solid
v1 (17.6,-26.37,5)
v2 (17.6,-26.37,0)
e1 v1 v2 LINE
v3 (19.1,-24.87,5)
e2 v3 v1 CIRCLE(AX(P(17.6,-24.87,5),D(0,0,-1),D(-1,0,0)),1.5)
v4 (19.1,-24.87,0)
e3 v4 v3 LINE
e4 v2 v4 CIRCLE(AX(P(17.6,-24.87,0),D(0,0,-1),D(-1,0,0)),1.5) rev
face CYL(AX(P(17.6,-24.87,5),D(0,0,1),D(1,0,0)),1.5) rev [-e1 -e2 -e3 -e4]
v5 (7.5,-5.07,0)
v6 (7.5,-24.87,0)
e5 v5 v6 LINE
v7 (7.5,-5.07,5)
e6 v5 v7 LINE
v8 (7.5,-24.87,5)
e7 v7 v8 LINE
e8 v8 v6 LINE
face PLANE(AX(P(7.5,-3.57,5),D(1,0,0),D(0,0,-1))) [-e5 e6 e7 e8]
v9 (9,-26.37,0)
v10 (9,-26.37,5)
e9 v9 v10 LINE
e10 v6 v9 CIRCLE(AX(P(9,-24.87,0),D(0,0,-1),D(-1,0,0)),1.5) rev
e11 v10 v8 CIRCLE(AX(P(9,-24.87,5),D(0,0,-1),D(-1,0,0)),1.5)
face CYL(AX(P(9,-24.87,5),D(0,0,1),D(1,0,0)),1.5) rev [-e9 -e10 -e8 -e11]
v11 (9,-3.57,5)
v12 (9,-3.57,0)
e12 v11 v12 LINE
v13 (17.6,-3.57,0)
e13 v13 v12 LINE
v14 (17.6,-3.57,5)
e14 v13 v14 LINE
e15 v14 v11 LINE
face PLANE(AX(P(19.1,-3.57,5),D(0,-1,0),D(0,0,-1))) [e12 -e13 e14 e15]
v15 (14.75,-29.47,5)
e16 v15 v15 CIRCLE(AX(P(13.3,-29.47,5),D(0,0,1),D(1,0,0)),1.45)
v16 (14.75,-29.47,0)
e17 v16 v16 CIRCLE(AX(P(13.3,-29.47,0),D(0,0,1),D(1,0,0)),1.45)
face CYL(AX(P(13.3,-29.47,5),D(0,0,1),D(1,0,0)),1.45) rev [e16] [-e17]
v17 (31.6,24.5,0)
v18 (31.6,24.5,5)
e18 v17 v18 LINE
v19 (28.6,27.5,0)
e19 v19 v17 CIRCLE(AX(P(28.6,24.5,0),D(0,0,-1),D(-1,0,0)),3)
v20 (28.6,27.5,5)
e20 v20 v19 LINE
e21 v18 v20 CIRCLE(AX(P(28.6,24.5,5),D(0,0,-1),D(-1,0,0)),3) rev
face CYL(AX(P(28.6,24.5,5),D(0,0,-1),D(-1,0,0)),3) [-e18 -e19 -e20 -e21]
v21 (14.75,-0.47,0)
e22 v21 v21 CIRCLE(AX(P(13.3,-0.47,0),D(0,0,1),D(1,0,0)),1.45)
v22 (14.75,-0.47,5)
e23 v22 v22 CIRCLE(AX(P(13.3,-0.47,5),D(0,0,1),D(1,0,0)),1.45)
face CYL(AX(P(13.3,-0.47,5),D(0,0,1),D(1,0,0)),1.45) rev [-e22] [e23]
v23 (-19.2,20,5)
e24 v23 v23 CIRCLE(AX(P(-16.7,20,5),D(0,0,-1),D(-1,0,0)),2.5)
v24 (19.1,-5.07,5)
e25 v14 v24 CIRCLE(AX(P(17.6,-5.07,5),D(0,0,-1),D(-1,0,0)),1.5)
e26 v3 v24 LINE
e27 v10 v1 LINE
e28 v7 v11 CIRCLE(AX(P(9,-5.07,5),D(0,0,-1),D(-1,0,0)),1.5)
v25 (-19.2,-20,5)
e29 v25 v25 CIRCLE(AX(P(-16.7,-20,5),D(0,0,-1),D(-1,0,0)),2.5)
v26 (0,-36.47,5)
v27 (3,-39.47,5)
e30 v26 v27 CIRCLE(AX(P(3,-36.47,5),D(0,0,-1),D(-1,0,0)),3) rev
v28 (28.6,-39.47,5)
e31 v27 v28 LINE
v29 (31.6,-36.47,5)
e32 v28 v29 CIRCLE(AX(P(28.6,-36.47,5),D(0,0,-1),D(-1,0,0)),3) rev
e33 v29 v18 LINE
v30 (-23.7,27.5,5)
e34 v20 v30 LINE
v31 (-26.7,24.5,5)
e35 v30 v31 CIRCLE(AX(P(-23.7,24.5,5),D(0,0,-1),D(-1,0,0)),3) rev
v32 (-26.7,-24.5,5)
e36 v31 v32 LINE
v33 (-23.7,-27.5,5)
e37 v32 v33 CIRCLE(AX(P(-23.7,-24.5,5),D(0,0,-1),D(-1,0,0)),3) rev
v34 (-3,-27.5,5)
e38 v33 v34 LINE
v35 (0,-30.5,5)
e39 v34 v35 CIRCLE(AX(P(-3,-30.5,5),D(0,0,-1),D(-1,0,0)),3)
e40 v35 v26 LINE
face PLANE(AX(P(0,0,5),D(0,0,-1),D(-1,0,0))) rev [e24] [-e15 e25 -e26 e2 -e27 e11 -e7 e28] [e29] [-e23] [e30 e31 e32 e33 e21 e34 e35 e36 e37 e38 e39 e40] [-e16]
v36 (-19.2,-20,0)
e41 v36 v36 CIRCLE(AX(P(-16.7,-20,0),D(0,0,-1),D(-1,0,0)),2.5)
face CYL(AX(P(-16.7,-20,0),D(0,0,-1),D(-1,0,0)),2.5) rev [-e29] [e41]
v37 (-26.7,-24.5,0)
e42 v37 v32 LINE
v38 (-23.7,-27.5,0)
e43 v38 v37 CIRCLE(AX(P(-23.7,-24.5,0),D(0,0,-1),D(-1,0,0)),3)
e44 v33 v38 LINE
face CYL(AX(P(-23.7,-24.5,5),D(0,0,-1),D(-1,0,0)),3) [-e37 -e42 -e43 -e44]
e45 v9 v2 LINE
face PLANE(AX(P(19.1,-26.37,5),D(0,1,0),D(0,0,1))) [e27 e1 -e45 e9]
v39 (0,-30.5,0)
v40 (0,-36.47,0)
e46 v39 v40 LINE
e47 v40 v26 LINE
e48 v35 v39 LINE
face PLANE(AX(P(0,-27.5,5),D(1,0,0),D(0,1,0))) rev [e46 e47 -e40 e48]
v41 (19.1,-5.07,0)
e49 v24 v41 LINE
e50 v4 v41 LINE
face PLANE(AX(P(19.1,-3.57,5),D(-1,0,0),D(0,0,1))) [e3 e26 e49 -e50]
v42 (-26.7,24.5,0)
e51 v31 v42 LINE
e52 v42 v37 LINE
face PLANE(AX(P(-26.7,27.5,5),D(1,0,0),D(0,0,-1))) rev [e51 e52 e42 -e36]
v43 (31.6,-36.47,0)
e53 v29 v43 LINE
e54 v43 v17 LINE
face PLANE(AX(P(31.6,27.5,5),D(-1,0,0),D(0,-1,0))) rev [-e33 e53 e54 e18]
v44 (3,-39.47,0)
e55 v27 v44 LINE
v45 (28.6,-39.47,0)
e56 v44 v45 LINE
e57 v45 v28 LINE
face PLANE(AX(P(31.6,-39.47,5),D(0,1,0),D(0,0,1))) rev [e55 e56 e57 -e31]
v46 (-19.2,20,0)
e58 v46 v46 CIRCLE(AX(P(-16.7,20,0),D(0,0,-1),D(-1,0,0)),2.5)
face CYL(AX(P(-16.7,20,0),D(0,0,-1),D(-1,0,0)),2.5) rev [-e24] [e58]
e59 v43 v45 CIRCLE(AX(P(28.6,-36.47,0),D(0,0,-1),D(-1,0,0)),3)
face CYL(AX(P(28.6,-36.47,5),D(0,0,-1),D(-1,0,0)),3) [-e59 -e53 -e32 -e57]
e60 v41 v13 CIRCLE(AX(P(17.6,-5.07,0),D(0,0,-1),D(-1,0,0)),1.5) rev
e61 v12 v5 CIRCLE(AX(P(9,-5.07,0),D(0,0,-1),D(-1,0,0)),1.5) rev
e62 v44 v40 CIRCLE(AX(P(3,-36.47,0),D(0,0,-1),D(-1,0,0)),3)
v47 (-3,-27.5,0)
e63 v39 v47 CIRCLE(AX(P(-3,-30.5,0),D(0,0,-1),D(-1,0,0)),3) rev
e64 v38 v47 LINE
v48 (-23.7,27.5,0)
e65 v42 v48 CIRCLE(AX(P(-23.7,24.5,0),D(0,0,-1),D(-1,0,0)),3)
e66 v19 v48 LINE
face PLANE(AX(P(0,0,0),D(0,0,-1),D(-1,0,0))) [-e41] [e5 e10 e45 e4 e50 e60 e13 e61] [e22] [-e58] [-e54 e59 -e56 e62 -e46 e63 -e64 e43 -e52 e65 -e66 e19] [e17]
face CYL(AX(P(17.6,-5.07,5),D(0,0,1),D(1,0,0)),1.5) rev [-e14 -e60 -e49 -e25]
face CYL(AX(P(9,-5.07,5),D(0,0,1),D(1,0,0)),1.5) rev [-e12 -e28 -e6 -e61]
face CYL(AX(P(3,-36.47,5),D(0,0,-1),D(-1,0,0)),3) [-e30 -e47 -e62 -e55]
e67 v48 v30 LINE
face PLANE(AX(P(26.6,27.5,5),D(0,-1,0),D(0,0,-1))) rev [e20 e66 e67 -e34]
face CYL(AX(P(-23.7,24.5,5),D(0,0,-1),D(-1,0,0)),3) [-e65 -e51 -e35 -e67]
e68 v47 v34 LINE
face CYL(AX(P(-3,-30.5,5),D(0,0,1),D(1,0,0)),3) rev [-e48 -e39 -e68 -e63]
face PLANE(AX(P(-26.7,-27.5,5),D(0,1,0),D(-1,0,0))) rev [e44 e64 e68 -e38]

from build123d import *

# Parameters (mm, degrees)
BASE_W                 = 11.6
BASE_H                 = 22.8
MAIN_DEPTH             = 5
GEAR_AXIS_HOLES_D      = 5
M2_5_CLEARANCE_HOLE1_D = 2.9
FILLET1_R              = 3
FILLET2_R              = 1.5


with BuildPart() as part:
    # Base → Main (new body)
    with BuildSketch(Plane.XY):
        Polygon((0, 27.5), (-26.7, 27.5), (-26.7, -27.5), (0, -27.5), (0, -39.47), (26.6, -39.47), (31.6, -39.47), (31.6, 27.5), (26.6, 27.5), align=None)
        with Locations((13.3, -14.97)):
            Rectangle(BASE_W, BASE_H, mode=Mode.SUBTRACT)
    extrude(amount=MAIN_DEPTH)

    # Gear Axis Holes (through all)
    with Locations(Plane(origin=(0, 0, 0), x_dir=(-1, 0, 0), z_dir=(0, 0, -1))):
        with Locations((16.7, -20), (16.7, 20)):
            Hole(GEAR_AXIS_HOLES_D / 2)

    # M2.5 Clearance Hole1 (through all)
    with Locations(Plane.XY.offset(5)):
        with Locations((13.3, -0.47), (13.3, -29.47)):
            Hole(M2_5_CLEARANCE_HOLE1_D / 2)

    # Fillet1
    fillet1_edges = [part.edges().sort_by_distance(p)[0] for p in [
        (31.6, 27.5, 2.5),
        (31.6, -39.47, 2.5),
        (0, -39.47, 2.5),
        (0, -27.5, 2.5),
        (-26.7, -27.5, 2.5),
        (-26.7, 27.5, 2.5),
    ]]
    fillet(fillet1_edges, radius=FILLET1_R)

    # Fillet2
    fillet2_edges = [part.edges().sort_by_distance(p)[0] for p in [
        (19.1, -26.37, 2.5),
        (19.1, -3.57, 2.5),
        (7.5, -3.57, 2.5),
        (7.5, -26.37, 2.5),
    ]]
    fillet(fillet2_edges, radius=FILLET2_R)


solid = part.part
